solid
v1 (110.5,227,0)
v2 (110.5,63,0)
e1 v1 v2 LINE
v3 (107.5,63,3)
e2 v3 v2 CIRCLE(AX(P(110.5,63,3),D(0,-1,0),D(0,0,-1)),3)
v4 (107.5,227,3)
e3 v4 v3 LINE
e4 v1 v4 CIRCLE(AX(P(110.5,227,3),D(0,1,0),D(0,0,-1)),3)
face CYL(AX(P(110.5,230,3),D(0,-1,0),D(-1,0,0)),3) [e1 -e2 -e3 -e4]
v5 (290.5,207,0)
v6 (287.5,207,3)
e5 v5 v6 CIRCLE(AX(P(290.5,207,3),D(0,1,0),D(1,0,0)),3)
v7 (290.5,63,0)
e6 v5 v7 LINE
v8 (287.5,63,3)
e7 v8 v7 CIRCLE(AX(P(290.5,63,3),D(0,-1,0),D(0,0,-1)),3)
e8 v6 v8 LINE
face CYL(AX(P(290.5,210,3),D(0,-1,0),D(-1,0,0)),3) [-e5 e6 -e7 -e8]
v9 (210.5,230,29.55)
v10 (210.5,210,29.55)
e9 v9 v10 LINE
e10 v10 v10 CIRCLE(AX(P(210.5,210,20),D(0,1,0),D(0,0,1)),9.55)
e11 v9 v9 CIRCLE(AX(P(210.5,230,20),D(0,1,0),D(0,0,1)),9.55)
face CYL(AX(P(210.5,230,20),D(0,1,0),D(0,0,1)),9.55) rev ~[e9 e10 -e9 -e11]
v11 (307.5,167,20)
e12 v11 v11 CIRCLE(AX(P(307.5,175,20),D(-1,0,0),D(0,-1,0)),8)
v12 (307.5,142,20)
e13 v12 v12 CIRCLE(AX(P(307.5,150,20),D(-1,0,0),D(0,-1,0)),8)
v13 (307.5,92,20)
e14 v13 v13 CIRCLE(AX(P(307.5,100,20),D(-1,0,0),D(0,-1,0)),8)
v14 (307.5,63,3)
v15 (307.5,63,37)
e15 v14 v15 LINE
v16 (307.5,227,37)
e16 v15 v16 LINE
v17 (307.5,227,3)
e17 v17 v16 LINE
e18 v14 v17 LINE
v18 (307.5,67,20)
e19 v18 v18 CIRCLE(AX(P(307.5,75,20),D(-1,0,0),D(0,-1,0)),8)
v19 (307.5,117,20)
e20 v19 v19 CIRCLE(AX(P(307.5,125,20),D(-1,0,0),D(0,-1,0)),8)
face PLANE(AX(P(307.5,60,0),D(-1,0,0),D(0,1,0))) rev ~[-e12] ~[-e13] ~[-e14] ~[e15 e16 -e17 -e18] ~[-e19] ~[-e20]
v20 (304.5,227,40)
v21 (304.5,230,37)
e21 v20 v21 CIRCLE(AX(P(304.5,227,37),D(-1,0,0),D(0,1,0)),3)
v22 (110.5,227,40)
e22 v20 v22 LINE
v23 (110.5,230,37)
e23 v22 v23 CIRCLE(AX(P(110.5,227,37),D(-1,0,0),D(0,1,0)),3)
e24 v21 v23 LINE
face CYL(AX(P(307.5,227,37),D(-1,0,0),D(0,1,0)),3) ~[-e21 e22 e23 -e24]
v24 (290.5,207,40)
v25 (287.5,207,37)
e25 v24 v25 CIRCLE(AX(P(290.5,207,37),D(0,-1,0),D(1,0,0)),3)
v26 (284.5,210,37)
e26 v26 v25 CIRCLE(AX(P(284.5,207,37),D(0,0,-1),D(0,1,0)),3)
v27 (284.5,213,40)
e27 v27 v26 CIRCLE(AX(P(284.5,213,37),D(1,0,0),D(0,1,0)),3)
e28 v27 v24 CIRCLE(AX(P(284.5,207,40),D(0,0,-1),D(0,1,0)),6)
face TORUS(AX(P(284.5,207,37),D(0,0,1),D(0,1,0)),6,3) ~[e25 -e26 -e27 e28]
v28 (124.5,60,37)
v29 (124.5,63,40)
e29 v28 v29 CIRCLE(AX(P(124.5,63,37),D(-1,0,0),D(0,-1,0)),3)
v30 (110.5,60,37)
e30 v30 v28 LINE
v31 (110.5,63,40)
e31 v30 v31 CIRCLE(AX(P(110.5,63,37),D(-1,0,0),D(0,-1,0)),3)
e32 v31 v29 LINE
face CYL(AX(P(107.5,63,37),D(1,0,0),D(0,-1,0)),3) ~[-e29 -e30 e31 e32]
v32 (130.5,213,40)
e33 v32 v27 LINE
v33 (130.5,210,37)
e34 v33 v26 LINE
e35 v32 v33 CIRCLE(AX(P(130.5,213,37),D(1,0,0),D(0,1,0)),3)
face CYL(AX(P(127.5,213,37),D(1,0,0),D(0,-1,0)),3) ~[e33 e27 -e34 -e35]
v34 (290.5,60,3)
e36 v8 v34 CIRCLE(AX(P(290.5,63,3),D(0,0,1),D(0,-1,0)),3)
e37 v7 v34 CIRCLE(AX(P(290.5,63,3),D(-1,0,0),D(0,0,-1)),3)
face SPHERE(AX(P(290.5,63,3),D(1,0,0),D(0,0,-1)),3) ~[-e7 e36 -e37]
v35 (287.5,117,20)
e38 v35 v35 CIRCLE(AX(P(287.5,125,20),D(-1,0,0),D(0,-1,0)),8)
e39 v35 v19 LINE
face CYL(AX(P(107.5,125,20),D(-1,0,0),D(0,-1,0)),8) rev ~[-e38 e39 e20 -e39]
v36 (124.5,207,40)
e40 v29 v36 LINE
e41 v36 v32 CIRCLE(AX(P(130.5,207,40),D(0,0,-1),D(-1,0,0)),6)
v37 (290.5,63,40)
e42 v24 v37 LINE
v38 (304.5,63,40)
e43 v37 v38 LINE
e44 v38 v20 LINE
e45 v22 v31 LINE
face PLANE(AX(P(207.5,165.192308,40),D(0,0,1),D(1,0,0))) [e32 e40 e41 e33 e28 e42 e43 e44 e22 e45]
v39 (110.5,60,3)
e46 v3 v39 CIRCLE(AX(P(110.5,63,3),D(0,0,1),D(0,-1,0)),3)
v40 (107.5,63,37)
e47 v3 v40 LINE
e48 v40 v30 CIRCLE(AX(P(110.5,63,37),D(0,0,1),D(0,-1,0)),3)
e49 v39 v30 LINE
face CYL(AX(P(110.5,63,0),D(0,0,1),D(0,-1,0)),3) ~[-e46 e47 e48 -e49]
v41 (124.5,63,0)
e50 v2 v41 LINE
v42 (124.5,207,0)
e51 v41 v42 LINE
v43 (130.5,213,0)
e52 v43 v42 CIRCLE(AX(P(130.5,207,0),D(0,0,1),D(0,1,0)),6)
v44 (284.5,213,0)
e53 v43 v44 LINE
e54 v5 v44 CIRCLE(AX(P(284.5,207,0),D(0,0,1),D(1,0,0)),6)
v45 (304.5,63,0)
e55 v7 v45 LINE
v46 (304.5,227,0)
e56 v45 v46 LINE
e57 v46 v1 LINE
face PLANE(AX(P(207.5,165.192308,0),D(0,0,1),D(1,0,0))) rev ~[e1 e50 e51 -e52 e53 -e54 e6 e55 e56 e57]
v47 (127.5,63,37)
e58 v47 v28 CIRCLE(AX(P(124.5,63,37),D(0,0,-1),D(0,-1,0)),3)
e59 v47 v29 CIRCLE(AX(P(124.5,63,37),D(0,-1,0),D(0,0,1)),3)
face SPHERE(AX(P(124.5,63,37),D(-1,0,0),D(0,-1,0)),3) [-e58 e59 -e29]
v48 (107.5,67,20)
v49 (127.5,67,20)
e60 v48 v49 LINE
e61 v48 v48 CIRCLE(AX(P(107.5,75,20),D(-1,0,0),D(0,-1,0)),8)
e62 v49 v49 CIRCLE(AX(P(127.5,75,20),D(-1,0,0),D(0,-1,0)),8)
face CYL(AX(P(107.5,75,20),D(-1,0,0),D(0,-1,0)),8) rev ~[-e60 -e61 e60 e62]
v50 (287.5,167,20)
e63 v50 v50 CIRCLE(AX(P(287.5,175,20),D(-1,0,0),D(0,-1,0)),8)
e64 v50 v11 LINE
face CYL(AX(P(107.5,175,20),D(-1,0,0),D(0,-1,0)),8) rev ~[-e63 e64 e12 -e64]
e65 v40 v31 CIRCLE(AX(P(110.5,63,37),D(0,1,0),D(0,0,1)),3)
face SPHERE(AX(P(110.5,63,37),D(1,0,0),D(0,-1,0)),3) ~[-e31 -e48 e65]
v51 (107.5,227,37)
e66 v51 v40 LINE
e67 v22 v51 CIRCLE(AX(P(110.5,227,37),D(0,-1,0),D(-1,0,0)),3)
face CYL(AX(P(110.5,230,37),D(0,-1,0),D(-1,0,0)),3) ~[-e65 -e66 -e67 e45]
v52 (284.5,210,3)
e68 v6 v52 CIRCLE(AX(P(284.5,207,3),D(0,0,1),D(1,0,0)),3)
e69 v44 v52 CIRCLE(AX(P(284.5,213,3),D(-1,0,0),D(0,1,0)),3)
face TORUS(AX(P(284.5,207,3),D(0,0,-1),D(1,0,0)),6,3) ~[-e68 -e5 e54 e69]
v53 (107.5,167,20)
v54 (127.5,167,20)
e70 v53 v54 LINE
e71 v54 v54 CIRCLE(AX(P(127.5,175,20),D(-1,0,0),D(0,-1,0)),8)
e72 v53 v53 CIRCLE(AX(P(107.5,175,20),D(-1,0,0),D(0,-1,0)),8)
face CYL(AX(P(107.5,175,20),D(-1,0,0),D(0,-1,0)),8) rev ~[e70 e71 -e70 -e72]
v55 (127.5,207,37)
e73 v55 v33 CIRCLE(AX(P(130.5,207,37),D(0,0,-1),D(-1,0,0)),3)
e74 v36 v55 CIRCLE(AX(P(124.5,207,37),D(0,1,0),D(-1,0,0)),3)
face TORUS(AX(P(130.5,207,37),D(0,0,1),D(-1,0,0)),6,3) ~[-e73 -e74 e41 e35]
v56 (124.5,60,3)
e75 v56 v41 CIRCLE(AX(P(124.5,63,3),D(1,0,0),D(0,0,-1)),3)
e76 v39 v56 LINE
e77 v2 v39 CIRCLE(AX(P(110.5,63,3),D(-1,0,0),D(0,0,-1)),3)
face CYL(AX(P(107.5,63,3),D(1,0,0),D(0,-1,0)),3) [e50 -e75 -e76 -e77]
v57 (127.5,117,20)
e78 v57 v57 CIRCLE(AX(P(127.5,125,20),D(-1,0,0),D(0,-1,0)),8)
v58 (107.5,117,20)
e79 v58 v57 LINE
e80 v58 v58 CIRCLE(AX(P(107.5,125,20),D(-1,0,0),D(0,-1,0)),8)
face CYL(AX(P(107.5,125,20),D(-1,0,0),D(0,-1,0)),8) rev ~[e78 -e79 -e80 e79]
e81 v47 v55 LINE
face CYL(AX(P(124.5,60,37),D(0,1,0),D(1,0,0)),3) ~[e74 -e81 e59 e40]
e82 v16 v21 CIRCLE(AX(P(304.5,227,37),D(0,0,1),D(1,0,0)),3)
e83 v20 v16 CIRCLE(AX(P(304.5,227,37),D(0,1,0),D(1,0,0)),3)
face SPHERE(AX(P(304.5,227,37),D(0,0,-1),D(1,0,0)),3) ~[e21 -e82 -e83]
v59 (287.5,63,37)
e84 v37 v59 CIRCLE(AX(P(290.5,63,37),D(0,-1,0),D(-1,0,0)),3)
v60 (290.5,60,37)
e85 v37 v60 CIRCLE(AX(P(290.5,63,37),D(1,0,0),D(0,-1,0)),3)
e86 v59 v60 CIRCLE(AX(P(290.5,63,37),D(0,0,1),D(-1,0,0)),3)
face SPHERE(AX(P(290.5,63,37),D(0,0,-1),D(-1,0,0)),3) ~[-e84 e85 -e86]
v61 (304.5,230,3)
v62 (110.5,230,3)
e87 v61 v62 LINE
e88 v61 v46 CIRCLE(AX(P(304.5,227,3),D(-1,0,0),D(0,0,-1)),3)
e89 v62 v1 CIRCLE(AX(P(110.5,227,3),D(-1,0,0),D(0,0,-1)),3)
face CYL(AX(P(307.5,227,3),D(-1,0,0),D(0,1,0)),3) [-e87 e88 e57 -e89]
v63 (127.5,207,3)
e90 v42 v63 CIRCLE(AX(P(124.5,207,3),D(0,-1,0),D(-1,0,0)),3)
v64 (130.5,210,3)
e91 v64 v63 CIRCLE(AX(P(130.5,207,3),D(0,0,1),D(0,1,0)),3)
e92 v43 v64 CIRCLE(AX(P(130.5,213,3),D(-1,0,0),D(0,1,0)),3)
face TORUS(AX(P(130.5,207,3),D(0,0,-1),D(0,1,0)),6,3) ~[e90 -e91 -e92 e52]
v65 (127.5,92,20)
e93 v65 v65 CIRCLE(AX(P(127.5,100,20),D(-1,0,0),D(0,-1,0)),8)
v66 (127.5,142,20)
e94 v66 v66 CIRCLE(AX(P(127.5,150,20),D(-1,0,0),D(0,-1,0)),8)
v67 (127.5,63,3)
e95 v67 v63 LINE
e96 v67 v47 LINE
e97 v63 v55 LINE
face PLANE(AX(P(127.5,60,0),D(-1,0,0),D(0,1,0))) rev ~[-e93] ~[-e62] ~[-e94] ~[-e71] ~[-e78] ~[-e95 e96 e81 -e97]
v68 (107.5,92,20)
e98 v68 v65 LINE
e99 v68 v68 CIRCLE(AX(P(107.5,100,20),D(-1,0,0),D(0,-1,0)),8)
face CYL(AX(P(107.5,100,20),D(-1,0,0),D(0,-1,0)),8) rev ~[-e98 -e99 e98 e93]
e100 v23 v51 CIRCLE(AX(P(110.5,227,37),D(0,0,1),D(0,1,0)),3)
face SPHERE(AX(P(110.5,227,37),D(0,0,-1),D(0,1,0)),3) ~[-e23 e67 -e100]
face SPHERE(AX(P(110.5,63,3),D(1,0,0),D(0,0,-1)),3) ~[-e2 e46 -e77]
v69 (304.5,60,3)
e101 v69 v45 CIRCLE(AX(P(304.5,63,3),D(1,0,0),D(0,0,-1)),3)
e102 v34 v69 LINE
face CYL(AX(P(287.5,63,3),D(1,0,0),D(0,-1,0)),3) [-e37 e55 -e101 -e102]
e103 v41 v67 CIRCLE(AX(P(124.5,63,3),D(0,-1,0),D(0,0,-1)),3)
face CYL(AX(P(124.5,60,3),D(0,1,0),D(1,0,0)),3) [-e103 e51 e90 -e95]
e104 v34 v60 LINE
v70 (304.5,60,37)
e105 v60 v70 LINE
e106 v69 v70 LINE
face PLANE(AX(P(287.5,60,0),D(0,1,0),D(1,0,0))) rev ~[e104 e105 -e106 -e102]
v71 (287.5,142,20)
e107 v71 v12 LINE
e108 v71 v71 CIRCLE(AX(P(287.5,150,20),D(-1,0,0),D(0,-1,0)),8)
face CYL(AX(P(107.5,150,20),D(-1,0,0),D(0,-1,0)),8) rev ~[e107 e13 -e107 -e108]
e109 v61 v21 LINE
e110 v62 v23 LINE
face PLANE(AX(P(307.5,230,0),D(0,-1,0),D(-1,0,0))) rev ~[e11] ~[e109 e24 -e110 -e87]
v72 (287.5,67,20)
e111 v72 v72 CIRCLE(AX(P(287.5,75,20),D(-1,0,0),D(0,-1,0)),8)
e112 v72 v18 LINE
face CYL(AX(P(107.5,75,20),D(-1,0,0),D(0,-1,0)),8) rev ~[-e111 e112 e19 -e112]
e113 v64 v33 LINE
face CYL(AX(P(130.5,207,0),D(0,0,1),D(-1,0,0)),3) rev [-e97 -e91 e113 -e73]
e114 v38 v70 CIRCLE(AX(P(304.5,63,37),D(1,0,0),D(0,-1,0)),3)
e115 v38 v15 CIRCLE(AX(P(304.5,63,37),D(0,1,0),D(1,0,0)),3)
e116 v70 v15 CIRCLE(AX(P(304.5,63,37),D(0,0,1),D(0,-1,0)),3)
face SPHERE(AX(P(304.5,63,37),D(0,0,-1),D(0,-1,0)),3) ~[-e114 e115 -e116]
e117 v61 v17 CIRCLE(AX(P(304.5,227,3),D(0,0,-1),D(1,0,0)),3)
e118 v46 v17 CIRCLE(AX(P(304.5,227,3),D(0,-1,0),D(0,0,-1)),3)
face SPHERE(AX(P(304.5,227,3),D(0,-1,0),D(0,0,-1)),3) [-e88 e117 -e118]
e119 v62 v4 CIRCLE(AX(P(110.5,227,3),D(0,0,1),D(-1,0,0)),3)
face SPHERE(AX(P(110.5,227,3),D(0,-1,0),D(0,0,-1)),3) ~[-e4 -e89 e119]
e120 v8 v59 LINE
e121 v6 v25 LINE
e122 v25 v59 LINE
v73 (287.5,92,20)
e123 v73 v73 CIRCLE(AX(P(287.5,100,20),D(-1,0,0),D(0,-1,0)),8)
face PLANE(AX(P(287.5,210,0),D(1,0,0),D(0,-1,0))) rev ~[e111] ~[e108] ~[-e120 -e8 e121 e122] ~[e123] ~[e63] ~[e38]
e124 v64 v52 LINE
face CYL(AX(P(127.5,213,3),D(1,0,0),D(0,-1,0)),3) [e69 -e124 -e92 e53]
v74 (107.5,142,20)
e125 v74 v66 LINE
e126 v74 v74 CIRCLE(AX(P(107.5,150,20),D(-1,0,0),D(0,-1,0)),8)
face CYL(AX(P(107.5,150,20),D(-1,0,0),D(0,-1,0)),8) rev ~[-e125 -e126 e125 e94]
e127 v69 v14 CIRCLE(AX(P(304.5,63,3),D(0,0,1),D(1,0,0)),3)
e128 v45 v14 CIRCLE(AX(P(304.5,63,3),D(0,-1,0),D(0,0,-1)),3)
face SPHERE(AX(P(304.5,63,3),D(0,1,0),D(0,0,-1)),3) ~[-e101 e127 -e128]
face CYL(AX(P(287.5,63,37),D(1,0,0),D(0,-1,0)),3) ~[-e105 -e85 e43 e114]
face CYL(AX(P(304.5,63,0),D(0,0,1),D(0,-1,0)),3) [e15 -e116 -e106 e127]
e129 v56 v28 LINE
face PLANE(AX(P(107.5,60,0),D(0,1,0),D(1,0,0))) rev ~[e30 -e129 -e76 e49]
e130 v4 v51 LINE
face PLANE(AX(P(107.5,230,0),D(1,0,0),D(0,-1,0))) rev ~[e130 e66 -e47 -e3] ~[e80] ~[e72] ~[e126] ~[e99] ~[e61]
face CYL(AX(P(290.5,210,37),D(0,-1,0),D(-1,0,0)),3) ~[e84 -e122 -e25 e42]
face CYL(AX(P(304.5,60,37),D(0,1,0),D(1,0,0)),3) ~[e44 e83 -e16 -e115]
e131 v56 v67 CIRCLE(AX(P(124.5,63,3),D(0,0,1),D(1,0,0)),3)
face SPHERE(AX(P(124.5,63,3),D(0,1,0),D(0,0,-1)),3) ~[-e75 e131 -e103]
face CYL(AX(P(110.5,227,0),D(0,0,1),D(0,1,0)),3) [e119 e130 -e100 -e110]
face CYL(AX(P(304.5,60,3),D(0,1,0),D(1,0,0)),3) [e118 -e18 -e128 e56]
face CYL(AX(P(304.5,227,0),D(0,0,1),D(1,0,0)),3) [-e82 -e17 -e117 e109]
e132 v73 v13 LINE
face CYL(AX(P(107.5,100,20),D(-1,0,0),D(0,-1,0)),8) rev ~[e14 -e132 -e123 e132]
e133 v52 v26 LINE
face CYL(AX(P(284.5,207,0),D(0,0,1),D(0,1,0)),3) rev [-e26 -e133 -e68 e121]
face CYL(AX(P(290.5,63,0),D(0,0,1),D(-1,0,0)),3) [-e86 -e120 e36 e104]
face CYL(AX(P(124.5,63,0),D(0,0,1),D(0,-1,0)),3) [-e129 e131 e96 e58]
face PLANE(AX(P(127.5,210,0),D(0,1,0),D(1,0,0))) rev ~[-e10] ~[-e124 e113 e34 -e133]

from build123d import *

# Parameters (mm, degrees)
BOSS_EXTRUDE1_DEPTH = 40
FILLET1_R           = 3
SKETCH2_R           = 9.55
CUT_EXTRUDE1_DEPTH  = 20
SKETCH5_R           = 8
CUT_EXTRUDE2_DEPTH  = 200
LPATTERN2_COUNT     = 5
LPATTERN2_PITCH     = 25


with BuildPart() as part:
    # Sketch1 → Boss-Extrude1 (new body)
    with BuildSketch(Plane.XY):
        Polygon((107.5, 210), (107.5, 60), (127.5, 60), (127.5, 210), (287.5, 210), (287.5, 60), (307.5, 60), (307.5, 210), (307.5, 230), (107.5, 230), align=None)
    extrude(amount=BOSS_EXTRUDE1_DEPTH)

    # Fillet1
    fillet1_edges = [part.edges().sort_by_distance(p)[0] for p in [
        (307.5, 145, 0),
        (297.5, 60, 0),
        (287.5, 135, 0),
        (207.5, 210, 0),
        (127.5, 135, 0),
        (117.5, 60, 0),
        (107.5, 145, 0),
        (207.5, 230, 0),
        (117.5, 60, 40),
        (307.5, 230, 20),
        (307.5, 60, 20),
        (287.5, 60, 20),
        (287.5, 210, 20),
        (127.5, 210, 20),
        (127.5, 60, 20),
        (107.5, 60, 20),
        (107.5, 230, 20),
        (127.5, 135, 40),
        (207.5, 210, 40),
        (287.5, 135, 40),
        (297.5, 60, 40),
        (307.5, 145, 40),
        (207.5, 230, 40),
        (107.5, 145, 40),
    ]]
    fillet(fillet1_edges, radius=FILLET1_R)

    # Sketch2 → Cut-Extrude1 (cut)
    with BuildSketch(Plane(origin=(0, 230, 0), x_dir=(1, 0, 0), z_dir=(0, 1, 0))):
        with Locations(Location((210.5, -20, 0), (0, 0, 270))):
            Circle(SKETCH2_R)
    extrude(amount=-CUT_EXTRUDE1_DEPTH, mode=Mode.SUBTRACT)

    # Sketch5 → Cut-Extrude2 (cut)
    with BuildSketch(Plane.ZY.offset(-107.5)):
        with Locations(Location((20, 75, 0), (0, 0, 270))):
            Circle(SKETCH5_R)
    cut_extrude2 = extrude(amount=-CUT_EXTRUDE2_DEPTH, mode=Mode.SUBTRACT)

    # LPattern2: Cut-Extrude2 ×5
    with Locations(*[(0, i * LPATTERN2_PITCH, 0) for i in range(1, LPATTERN2_COUNT)]):
        add(cut_extrude2, mode=Mode.SUBTRACT)


solid = part.part
